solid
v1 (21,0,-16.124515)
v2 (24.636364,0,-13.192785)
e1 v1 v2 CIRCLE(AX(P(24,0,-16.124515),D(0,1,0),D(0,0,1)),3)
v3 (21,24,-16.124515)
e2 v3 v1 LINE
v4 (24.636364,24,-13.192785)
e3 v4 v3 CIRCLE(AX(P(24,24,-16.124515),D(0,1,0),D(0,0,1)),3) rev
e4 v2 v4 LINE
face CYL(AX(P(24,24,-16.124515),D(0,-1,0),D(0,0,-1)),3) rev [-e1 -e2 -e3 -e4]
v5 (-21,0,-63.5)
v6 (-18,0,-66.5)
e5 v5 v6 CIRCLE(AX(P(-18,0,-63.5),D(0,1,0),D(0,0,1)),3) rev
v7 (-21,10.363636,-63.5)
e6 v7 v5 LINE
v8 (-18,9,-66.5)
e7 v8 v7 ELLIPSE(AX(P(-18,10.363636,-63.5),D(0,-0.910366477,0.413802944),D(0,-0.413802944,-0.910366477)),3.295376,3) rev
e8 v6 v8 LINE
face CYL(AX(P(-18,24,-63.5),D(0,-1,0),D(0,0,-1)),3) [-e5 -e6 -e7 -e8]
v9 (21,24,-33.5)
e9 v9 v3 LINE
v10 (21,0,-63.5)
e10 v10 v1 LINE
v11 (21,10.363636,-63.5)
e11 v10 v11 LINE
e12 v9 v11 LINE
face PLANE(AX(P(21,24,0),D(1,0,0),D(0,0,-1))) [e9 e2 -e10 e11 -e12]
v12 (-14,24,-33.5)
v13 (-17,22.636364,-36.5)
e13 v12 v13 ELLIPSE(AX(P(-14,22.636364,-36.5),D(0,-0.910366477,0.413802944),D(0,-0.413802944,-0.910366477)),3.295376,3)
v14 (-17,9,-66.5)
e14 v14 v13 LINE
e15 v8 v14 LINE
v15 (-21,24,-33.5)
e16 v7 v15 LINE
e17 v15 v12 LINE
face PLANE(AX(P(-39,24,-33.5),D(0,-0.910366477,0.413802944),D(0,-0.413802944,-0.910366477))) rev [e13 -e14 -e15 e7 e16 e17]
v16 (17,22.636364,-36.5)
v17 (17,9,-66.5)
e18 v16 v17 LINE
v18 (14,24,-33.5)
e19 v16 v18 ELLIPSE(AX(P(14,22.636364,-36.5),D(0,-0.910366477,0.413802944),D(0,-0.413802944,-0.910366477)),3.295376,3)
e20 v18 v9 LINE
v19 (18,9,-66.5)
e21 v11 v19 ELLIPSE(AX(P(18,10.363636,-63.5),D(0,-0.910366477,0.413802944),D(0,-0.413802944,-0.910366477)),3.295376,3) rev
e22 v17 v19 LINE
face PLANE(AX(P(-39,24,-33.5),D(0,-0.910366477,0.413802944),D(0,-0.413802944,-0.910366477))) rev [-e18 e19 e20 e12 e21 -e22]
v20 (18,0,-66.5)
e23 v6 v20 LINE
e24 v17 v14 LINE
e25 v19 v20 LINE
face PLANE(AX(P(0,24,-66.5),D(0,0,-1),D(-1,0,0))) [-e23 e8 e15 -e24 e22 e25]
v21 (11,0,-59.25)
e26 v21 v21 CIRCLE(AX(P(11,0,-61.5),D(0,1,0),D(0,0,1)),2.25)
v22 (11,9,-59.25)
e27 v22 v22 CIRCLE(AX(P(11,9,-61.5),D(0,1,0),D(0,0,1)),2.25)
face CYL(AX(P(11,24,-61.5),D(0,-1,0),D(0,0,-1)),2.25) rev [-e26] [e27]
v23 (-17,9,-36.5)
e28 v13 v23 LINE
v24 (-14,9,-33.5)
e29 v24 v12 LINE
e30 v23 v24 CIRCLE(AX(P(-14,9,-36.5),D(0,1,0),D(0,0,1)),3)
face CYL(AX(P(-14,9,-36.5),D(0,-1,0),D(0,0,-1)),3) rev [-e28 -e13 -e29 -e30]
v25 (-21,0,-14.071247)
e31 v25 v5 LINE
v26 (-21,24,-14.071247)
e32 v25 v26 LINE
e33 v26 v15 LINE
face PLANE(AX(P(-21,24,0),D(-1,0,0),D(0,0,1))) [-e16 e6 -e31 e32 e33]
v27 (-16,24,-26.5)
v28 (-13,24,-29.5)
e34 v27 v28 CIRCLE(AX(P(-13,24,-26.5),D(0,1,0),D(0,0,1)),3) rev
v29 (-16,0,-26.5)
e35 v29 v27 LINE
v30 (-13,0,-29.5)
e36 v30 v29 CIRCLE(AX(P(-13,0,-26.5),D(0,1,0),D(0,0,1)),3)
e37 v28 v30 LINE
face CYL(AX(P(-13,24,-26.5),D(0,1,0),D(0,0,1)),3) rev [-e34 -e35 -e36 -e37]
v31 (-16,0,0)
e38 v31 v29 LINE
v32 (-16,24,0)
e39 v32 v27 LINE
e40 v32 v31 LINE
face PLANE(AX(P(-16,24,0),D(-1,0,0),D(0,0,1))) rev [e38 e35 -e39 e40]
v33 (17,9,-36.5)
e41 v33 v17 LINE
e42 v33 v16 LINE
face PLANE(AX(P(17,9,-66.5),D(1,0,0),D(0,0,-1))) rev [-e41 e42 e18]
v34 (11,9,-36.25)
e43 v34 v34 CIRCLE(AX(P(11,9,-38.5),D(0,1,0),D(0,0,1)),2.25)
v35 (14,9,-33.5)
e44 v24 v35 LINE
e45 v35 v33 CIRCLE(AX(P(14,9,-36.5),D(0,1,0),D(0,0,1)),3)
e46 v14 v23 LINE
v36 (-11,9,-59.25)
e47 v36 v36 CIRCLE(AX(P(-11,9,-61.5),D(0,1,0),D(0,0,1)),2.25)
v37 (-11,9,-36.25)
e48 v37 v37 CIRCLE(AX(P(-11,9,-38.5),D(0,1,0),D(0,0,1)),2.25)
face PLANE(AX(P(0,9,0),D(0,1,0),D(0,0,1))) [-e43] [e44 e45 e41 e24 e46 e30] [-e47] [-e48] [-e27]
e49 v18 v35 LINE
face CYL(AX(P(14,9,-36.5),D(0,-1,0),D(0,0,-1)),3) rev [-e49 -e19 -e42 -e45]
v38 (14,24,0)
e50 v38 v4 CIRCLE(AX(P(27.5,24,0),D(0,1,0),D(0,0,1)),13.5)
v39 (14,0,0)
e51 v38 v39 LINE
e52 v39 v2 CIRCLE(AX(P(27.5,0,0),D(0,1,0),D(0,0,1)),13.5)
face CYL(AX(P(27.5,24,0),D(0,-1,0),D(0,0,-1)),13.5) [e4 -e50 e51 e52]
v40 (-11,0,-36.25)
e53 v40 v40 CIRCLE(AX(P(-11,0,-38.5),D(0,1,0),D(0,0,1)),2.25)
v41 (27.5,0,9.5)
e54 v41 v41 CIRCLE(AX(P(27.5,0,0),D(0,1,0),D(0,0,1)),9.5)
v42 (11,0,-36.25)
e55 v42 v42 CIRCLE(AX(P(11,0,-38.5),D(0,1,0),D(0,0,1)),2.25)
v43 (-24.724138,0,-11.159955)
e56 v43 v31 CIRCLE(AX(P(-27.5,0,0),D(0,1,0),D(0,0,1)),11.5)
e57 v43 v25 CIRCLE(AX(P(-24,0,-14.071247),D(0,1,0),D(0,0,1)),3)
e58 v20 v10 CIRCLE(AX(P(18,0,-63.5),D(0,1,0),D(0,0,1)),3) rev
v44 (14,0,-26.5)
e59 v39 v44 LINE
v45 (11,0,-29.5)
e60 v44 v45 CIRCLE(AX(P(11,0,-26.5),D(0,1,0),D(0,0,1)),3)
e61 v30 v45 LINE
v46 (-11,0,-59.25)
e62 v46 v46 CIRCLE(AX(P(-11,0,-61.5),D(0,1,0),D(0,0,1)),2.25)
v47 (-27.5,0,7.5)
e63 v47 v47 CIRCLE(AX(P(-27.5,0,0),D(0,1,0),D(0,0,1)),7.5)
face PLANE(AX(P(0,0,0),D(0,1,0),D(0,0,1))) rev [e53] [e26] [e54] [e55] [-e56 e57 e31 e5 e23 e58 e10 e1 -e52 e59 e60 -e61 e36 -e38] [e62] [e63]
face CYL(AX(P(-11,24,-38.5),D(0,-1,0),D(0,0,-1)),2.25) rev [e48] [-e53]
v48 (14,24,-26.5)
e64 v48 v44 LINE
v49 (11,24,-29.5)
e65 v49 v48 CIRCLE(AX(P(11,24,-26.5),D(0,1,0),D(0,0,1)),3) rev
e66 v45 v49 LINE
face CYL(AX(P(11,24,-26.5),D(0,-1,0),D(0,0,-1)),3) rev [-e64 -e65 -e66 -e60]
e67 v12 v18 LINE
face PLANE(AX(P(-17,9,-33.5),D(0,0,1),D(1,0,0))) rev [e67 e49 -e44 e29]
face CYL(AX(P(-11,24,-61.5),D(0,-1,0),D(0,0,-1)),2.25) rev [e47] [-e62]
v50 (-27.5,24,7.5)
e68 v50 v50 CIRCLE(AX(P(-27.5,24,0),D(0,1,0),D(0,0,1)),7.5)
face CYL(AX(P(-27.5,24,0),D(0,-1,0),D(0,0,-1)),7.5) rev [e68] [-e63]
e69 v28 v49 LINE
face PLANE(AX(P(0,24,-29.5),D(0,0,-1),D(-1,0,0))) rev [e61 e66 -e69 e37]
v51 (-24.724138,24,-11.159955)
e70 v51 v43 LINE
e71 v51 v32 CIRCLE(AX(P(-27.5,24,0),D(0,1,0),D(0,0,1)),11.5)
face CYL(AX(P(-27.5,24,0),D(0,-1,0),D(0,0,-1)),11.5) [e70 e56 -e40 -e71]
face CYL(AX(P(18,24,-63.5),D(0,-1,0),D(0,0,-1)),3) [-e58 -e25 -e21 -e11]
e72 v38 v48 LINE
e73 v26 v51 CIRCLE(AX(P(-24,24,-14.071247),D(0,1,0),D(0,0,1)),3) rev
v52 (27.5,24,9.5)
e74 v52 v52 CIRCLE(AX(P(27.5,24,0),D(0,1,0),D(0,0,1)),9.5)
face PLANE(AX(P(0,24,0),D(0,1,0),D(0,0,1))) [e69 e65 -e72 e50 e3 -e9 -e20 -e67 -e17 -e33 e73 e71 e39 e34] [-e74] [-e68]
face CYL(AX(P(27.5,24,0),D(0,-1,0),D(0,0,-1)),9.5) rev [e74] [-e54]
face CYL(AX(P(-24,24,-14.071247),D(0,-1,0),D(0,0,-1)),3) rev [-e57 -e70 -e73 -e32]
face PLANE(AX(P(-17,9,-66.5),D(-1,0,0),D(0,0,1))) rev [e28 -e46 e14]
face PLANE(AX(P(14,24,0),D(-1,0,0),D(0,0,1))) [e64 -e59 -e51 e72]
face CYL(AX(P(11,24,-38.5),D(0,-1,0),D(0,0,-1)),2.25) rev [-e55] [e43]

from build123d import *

# Parameters (mm, degrees)
SKETCH1_R               = 2.25
SKETCH1_R_2             = 9.5
SKETCH1_R_3             = 7.5
BOSS_EXTRUDE1_DEPTH     = 24
SKETCH2_W               = 34
SKETCH2_H               = 33
CUT_EXTRUDE1_DEPTH      = 15
CUT_EXTRUDE2_DEPTH      = 59
CUT_EXTRUDE2_DEPTH_BACK = 23
FILLET1_R               = 3


with BuildPart() as part:
    # Sketch1 → Boss-Extrude1 (new body)
    with BuildSketch(Plane(origin=(0, 0, 0), x_dir=(1, 0, 0), z_dir=(0, 1, 0))):
        with BuildLine():
            Line((21, 11.832159566), (21, 66.5))
            Line((21, 66.5), (-21, 66.5))
            Line((-21, 66.5), (-21, 9.486832981))
            ThreePointArc((-21, 9.486832981), (-37.673494975, -5.361902647), (-16, 0))
            Line((-16, 0), (-16, 29.5))
            Line((-16, 29.5), (14, 29.5))
            Line((14, 29.5), (14, 0))
            ThreePointArc((14, 0), (39.118950039, -6.873863542), (21, 11.832159566))
        make_face()
        with Locations((-11, 38.5)):
            Circle(SKETCH1_R, mode=Mode.SUBTRACT)
        with Locations((-11, 61.5)):
            Circle(SKETCH1_R, mode=Mode.SUBTRACT)
        with Locations((11, 61.5)):
            Circle(SKETCH1_R, mode=Mode.SUBTRACT)
        with Locations((11, 38.5)):
            Circle(SKETCH1_R, mode=Mode.SUBTRACT)
        with Locations((27.5, 0)):
            Circle(SKETCH1_R_2, mode=Mode.SUBTRACT)
        with Locations((-27.5, 0)):
            Circle(SKETCH1_R_3, mode=Mode.SUBTRACT)
    extrude(amount=BOSS_EXTRUDE1_DEPTH)

    # Sketch2 → Cut-Extrude1 (cut)
    with BuildSketch(Plane(origin=(0, 24, 0), x_dir=(1, 0, 0), z_dir=(0, 1, 0))):
        with Locations((0, 50)):
            Rectangle(SKETCH2_W, SKETCH2_H)
    extrude(amount=-CUT_EXTRUDE1_DEPTH, mode=Mode.SUBTRACT)

    # Sketch4 → Cut-Extrude2 (cut, two sides)
    with BuildSketch(Plane(origin=(-17, 0, 0), x_dir=(0, 0, -1), z_dir=(1, 0, 0))) as cut_extrude2_sk:
        Polygon((33.5, 24), (66.5, 9), (66.5, 24), align=None)
    extrude(amount=CUT_EXTRUDE2_DEPTH, mode=Mode.SUBTRACT)
    extrude(cut_extrude2_sk.sketch, amount=-CUT_EXTRUDE2_DEPTH_BACK, mode=Mode.SUBTRACT)

    # Fillet1
    fillet1_edges = [part.edges().sort_by_distance(p)[0] for p in [
        (14, 12, -29.5),
        (-16, 12, -29.5),
        (-21, 12, -9.486832981),
        (21, 12, -11.832159566),
        (-17, 16.5, -33.5),
        (17, 16.5, -33.5),
        (-21, 4.5, -66.5),
        (21, 4.5, -66.5),
    ]]
    fillet(fillet1_edges, radius=FILLET1_R)


solid = part.part
